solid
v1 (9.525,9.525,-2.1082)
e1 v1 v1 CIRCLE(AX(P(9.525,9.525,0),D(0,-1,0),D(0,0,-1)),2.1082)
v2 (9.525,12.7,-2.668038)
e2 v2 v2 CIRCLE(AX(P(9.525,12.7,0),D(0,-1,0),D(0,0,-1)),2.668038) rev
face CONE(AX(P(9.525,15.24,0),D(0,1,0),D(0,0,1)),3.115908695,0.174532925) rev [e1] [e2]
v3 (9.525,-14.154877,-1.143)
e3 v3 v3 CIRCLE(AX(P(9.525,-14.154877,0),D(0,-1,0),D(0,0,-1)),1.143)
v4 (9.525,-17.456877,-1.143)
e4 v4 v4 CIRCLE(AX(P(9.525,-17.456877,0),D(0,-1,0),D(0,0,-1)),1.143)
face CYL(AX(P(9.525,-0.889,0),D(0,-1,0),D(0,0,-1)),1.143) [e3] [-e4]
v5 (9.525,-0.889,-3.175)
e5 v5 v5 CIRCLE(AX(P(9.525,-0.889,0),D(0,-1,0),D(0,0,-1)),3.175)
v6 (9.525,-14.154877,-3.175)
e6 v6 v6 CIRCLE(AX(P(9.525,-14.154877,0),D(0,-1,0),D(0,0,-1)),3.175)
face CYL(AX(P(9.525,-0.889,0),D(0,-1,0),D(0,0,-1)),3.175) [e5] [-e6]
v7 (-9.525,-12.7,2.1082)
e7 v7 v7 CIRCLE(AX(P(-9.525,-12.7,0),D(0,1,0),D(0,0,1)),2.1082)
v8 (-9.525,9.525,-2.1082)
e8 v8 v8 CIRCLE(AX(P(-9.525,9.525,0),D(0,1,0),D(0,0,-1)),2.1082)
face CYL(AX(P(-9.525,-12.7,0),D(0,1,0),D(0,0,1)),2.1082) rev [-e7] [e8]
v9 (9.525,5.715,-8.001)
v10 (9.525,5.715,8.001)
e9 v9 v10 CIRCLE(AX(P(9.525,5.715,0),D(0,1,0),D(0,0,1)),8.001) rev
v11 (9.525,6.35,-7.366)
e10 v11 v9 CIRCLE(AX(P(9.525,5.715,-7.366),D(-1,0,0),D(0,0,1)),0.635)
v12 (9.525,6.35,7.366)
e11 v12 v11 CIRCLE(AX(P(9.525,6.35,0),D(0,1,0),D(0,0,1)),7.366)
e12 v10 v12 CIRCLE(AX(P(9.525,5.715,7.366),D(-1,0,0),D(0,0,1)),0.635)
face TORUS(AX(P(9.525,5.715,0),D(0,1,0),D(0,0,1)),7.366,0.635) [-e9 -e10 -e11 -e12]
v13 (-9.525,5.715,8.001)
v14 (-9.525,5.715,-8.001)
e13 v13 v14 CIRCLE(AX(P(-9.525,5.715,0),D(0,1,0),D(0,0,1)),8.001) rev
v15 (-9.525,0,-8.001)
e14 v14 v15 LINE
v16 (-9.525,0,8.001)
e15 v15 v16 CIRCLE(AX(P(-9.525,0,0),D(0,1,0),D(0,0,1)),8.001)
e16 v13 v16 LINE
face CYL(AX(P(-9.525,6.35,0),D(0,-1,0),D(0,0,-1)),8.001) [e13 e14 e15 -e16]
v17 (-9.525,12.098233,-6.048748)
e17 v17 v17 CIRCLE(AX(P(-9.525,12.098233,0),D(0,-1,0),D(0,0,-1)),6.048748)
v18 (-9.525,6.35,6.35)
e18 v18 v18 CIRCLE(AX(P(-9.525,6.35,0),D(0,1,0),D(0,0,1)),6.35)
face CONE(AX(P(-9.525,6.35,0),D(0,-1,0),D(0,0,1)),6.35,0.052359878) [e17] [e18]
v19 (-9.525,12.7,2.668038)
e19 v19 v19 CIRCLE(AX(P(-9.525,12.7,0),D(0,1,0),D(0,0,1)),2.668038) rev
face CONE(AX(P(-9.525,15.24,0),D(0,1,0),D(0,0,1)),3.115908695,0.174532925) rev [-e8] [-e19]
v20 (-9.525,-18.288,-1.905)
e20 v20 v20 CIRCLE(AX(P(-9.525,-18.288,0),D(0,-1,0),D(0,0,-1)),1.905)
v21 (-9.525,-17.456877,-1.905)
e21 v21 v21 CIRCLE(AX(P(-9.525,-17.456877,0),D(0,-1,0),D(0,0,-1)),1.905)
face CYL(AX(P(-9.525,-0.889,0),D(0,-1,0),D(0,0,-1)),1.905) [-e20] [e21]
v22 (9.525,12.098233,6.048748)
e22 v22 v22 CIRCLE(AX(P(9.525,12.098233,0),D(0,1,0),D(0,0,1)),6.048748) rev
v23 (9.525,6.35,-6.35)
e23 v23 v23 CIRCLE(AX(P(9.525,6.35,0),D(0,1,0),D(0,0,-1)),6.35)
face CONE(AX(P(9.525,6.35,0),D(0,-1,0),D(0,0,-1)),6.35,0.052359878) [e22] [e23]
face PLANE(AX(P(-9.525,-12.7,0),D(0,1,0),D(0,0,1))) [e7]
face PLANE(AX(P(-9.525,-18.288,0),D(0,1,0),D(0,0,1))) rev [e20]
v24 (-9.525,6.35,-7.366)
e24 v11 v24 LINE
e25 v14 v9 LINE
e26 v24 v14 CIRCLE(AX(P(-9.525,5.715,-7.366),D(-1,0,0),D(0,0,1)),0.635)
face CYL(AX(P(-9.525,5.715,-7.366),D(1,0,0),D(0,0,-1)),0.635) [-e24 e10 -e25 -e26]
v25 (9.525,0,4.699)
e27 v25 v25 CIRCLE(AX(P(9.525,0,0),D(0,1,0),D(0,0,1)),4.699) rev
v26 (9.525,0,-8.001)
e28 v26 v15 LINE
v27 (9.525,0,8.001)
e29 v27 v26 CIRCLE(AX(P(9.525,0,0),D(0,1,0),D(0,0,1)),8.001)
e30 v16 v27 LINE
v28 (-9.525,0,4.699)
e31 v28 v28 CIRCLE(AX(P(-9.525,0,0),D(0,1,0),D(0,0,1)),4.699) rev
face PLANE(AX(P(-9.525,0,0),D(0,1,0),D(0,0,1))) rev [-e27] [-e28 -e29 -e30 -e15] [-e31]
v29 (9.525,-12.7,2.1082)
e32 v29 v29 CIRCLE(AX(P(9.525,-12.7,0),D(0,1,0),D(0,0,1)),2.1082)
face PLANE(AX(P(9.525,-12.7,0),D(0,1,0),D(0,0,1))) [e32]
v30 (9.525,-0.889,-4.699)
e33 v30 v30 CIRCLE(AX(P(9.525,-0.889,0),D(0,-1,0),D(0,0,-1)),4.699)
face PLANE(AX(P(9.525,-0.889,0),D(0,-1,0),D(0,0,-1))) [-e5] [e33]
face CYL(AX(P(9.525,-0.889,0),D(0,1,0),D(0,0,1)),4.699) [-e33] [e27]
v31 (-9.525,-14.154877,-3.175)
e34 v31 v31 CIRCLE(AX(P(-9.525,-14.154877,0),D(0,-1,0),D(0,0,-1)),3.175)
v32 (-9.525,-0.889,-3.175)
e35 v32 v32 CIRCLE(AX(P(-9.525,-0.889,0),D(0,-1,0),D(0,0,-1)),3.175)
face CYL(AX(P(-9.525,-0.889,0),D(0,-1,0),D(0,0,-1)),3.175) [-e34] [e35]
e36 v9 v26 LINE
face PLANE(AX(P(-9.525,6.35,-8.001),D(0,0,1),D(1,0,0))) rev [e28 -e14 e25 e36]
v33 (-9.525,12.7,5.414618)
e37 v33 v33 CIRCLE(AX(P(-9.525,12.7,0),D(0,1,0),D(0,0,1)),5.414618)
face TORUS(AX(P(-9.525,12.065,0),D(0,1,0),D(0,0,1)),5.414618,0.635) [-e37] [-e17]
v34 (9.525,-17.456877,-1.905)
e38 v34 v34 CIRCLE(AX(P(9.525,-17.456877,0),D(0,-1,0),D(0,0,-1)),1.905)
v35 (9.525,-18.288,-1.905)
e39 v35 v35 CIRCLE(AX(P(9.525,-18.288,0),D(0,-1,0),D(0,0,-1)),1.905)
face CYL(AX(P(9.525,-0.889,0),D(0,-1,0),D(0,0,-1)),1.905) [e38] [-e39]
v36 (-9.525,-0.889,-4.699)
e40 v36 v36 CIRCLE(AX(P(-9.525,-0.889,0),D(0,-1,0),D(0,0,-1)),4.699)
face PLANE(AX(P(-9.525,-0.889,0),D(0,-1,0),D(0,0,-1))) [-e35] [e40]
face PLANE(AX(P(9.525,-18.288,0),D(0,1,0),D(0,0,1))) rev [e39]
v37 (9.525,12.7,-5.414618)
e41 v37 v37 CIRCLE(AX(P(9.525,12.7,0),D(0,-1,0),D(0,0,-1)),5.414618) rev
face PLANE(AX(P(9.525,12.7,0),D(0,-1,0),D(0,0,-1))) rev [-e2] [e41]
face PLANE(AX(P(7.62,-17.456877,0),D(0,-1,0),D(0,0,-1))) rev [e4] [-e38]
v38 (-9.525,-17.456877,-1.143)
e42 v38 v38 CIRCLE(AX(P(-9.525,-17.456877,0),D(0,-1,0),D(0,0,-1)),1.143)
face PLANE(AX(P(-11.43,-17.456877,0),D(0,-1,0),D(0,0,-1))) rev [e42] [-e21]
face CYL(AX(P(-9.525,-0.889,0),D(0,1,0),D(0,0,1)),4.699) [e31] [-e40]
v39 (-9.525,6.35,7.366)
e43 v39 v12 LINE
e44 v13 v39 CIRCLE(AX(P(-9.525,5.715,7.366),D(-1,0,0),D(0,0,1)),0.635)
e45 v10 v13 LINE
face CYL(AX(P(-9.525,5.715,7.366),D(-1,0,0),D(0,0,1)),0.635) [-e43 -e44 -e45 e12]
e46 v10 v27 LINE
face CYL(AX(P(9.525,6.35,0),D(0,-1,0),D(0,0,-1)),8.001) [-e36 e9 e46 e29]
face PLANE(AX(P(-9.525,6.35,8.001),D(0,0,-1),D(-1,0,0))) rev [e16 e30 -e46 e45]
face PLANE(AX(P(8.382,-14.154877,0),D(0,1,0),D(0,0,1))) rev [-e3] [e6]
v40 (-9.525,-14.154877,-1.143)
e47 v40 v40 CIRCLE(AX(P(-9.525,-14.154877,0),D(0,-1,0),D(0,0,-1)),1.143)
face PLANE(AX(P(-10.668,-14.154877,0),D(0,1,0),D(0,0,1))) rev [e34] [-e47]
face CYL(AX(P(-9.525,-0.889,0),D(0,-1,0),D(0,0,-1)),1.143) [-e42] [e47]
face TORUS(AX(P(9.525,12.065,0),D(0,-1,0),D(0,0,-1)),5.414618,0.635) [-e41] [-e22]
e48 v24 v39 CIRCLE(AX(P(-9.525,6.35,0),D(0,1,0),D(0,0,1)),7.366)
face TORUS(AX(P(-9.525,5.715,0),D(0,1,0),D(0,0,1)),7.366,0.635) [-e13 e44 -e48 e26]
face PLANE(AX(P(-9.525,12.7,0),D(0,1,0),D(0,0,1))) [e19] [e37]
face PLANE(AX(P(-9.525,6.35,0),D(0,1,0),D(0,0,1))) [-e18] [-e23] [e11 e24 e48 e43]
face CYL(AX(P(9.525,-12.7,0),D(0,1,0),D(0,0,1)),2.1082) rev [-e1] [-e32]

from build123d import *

# Parameters (mm, degrees)
BOSS_EXTRUDE1_DEPTH = 6.35
SKETCH2_R           = 6.35
BOSS_EXTRUDE2_DEPTH = 6.35
BOSS_EXTRUDE2_TAPER = 3
SKETCH3_R           = 4.699
BOSS_EXTRUDE3_DEPTH = 0.889
LPATTERN1_COUNT     = 2
LPATTERN1_PITCH     = 19.05
FILLET1_R           = 0.635
SKETCH5_R           = 2.1082
CUT_EXTRUDE1_DEPTH  = 25.4


with BuildPart() as part:
    # Sketch1 → Boss-Extrude1 (new body)
    with BuildSketch(Plane(origin=(0, 0, 0), x_dir=(1, 0, 0), z_dir=(0, 1, 0))):
        with BuildLine():
            Line((-9.525, 8.001), (9.525, 8.001))
            ThreePointArc((9.525, 8.001), (17.526, 0), (9.525, -8.001))
            Line((9.525, -8.001), (-9.525, -8.001))
            ThreePointArc((-9.525, -8.001), (-17.526, 0), (-9.525, 8.001))
        make_face()
    extrude(amount=BOSS_EXTRUDE1_DEPTH)

    # Sketch2 → Boss-Extrude2 (add)
    with BuildSketch(Plane(origin=(0, 6.35, 0), x_dir=(1, 0, 0), z_dir=(0, 1, 0))):
        with Locations((-9.525, 0)):
            Circle(SKETCH2_R)
        with Locations((9.525, 0)):
            Circle(SKETCH2_R)
    extrude(amount=BOSS_EXTRUDE2_DEPTH, taper=BOSS_EXTRUDE2_TAPER)

    # Sketch3 → Boss-Extrude3 (add)
    with BuildSketch(Plane.XZ):
        with Locations((-9.525, 0)):
            Circle(SKETCH3_R)
        with Locations((9.525, 0)):
            Circle(SKETCH3_R)
    extrude(amount=BOSS_EXTRUDE3_DEPTH)

    # Sketch4 → Revolve1 (revolve)
    with BuildSketch(Plane.XY):
        Polygon((9.525, -0.889), (9.525, -18.288), (7.62, -18.288), (7.62, -17.456876592), (8.382, -17.456876592), (8.382, -14.154876592), (6.35, -14.154876592), (6.35, -0.889), align=None)
    revolve1 = revolve(axis=Axis((9.525, -0.889, 0), (0, 1, 0)))

    # LPattern1: Revolve1 ×2
    with Locations(*[(-i * LPATTERN1_PITCH, 0, 0) for i in range(1, LPATTERN1_COUNT)]):
        add(revolve1)

    # Fillet1
    fillet1_edges = [part.edges().sort_by_distance(p)[0] for p in [
        (17.526, 6.35, 0),
        (0, 6.35, -8.001),
        (-15.542210602, 12.7, 0),
        (3.507789398, 12.7, 0),
        (-17.526, 6.35, 0),
        (0, 6.35, 8.001),
    ]]
    fillet(fillet1_edges, radius=FILLET1_R)

    # Sketch5 → Cut-Extrude1 (cut)
    with BuildSketch(Plane(origin=(0, 12.7, 0), x_dir=(1, 0, 0), z_dir=(0, 1, 0))):
        with Locations((-9.525, 0)):
            Circle(SKETCH5_R)
        with Locations((9.525, 0)):
            Circle(SKETCH5_R)
    extrude(amount=-CUT_EXTRUDE1_DEPTH, mode=Mode.SUBTRACT)

    # Sketch6 → flare (revolve, cut)
    with BuildSketch(Plane.XY):
        Polygon((6.409091305, 15.24), (7.4168, 9.525), (8.424508695, 15.24), align=None)
    flare = revolve(axis=Axis((9.525, -12.7, 0), (0, 1, 0)), mode=Mode.SUBTRACT)

    # Mirror1: flare across plane
    add(flare.mirror(Plane(origin=(0, 0, 0), x_dir=(0, 0, 1), z_dir=(1, 0, 0))), mode=Mode.SUBTRACT)


solid = part.part
